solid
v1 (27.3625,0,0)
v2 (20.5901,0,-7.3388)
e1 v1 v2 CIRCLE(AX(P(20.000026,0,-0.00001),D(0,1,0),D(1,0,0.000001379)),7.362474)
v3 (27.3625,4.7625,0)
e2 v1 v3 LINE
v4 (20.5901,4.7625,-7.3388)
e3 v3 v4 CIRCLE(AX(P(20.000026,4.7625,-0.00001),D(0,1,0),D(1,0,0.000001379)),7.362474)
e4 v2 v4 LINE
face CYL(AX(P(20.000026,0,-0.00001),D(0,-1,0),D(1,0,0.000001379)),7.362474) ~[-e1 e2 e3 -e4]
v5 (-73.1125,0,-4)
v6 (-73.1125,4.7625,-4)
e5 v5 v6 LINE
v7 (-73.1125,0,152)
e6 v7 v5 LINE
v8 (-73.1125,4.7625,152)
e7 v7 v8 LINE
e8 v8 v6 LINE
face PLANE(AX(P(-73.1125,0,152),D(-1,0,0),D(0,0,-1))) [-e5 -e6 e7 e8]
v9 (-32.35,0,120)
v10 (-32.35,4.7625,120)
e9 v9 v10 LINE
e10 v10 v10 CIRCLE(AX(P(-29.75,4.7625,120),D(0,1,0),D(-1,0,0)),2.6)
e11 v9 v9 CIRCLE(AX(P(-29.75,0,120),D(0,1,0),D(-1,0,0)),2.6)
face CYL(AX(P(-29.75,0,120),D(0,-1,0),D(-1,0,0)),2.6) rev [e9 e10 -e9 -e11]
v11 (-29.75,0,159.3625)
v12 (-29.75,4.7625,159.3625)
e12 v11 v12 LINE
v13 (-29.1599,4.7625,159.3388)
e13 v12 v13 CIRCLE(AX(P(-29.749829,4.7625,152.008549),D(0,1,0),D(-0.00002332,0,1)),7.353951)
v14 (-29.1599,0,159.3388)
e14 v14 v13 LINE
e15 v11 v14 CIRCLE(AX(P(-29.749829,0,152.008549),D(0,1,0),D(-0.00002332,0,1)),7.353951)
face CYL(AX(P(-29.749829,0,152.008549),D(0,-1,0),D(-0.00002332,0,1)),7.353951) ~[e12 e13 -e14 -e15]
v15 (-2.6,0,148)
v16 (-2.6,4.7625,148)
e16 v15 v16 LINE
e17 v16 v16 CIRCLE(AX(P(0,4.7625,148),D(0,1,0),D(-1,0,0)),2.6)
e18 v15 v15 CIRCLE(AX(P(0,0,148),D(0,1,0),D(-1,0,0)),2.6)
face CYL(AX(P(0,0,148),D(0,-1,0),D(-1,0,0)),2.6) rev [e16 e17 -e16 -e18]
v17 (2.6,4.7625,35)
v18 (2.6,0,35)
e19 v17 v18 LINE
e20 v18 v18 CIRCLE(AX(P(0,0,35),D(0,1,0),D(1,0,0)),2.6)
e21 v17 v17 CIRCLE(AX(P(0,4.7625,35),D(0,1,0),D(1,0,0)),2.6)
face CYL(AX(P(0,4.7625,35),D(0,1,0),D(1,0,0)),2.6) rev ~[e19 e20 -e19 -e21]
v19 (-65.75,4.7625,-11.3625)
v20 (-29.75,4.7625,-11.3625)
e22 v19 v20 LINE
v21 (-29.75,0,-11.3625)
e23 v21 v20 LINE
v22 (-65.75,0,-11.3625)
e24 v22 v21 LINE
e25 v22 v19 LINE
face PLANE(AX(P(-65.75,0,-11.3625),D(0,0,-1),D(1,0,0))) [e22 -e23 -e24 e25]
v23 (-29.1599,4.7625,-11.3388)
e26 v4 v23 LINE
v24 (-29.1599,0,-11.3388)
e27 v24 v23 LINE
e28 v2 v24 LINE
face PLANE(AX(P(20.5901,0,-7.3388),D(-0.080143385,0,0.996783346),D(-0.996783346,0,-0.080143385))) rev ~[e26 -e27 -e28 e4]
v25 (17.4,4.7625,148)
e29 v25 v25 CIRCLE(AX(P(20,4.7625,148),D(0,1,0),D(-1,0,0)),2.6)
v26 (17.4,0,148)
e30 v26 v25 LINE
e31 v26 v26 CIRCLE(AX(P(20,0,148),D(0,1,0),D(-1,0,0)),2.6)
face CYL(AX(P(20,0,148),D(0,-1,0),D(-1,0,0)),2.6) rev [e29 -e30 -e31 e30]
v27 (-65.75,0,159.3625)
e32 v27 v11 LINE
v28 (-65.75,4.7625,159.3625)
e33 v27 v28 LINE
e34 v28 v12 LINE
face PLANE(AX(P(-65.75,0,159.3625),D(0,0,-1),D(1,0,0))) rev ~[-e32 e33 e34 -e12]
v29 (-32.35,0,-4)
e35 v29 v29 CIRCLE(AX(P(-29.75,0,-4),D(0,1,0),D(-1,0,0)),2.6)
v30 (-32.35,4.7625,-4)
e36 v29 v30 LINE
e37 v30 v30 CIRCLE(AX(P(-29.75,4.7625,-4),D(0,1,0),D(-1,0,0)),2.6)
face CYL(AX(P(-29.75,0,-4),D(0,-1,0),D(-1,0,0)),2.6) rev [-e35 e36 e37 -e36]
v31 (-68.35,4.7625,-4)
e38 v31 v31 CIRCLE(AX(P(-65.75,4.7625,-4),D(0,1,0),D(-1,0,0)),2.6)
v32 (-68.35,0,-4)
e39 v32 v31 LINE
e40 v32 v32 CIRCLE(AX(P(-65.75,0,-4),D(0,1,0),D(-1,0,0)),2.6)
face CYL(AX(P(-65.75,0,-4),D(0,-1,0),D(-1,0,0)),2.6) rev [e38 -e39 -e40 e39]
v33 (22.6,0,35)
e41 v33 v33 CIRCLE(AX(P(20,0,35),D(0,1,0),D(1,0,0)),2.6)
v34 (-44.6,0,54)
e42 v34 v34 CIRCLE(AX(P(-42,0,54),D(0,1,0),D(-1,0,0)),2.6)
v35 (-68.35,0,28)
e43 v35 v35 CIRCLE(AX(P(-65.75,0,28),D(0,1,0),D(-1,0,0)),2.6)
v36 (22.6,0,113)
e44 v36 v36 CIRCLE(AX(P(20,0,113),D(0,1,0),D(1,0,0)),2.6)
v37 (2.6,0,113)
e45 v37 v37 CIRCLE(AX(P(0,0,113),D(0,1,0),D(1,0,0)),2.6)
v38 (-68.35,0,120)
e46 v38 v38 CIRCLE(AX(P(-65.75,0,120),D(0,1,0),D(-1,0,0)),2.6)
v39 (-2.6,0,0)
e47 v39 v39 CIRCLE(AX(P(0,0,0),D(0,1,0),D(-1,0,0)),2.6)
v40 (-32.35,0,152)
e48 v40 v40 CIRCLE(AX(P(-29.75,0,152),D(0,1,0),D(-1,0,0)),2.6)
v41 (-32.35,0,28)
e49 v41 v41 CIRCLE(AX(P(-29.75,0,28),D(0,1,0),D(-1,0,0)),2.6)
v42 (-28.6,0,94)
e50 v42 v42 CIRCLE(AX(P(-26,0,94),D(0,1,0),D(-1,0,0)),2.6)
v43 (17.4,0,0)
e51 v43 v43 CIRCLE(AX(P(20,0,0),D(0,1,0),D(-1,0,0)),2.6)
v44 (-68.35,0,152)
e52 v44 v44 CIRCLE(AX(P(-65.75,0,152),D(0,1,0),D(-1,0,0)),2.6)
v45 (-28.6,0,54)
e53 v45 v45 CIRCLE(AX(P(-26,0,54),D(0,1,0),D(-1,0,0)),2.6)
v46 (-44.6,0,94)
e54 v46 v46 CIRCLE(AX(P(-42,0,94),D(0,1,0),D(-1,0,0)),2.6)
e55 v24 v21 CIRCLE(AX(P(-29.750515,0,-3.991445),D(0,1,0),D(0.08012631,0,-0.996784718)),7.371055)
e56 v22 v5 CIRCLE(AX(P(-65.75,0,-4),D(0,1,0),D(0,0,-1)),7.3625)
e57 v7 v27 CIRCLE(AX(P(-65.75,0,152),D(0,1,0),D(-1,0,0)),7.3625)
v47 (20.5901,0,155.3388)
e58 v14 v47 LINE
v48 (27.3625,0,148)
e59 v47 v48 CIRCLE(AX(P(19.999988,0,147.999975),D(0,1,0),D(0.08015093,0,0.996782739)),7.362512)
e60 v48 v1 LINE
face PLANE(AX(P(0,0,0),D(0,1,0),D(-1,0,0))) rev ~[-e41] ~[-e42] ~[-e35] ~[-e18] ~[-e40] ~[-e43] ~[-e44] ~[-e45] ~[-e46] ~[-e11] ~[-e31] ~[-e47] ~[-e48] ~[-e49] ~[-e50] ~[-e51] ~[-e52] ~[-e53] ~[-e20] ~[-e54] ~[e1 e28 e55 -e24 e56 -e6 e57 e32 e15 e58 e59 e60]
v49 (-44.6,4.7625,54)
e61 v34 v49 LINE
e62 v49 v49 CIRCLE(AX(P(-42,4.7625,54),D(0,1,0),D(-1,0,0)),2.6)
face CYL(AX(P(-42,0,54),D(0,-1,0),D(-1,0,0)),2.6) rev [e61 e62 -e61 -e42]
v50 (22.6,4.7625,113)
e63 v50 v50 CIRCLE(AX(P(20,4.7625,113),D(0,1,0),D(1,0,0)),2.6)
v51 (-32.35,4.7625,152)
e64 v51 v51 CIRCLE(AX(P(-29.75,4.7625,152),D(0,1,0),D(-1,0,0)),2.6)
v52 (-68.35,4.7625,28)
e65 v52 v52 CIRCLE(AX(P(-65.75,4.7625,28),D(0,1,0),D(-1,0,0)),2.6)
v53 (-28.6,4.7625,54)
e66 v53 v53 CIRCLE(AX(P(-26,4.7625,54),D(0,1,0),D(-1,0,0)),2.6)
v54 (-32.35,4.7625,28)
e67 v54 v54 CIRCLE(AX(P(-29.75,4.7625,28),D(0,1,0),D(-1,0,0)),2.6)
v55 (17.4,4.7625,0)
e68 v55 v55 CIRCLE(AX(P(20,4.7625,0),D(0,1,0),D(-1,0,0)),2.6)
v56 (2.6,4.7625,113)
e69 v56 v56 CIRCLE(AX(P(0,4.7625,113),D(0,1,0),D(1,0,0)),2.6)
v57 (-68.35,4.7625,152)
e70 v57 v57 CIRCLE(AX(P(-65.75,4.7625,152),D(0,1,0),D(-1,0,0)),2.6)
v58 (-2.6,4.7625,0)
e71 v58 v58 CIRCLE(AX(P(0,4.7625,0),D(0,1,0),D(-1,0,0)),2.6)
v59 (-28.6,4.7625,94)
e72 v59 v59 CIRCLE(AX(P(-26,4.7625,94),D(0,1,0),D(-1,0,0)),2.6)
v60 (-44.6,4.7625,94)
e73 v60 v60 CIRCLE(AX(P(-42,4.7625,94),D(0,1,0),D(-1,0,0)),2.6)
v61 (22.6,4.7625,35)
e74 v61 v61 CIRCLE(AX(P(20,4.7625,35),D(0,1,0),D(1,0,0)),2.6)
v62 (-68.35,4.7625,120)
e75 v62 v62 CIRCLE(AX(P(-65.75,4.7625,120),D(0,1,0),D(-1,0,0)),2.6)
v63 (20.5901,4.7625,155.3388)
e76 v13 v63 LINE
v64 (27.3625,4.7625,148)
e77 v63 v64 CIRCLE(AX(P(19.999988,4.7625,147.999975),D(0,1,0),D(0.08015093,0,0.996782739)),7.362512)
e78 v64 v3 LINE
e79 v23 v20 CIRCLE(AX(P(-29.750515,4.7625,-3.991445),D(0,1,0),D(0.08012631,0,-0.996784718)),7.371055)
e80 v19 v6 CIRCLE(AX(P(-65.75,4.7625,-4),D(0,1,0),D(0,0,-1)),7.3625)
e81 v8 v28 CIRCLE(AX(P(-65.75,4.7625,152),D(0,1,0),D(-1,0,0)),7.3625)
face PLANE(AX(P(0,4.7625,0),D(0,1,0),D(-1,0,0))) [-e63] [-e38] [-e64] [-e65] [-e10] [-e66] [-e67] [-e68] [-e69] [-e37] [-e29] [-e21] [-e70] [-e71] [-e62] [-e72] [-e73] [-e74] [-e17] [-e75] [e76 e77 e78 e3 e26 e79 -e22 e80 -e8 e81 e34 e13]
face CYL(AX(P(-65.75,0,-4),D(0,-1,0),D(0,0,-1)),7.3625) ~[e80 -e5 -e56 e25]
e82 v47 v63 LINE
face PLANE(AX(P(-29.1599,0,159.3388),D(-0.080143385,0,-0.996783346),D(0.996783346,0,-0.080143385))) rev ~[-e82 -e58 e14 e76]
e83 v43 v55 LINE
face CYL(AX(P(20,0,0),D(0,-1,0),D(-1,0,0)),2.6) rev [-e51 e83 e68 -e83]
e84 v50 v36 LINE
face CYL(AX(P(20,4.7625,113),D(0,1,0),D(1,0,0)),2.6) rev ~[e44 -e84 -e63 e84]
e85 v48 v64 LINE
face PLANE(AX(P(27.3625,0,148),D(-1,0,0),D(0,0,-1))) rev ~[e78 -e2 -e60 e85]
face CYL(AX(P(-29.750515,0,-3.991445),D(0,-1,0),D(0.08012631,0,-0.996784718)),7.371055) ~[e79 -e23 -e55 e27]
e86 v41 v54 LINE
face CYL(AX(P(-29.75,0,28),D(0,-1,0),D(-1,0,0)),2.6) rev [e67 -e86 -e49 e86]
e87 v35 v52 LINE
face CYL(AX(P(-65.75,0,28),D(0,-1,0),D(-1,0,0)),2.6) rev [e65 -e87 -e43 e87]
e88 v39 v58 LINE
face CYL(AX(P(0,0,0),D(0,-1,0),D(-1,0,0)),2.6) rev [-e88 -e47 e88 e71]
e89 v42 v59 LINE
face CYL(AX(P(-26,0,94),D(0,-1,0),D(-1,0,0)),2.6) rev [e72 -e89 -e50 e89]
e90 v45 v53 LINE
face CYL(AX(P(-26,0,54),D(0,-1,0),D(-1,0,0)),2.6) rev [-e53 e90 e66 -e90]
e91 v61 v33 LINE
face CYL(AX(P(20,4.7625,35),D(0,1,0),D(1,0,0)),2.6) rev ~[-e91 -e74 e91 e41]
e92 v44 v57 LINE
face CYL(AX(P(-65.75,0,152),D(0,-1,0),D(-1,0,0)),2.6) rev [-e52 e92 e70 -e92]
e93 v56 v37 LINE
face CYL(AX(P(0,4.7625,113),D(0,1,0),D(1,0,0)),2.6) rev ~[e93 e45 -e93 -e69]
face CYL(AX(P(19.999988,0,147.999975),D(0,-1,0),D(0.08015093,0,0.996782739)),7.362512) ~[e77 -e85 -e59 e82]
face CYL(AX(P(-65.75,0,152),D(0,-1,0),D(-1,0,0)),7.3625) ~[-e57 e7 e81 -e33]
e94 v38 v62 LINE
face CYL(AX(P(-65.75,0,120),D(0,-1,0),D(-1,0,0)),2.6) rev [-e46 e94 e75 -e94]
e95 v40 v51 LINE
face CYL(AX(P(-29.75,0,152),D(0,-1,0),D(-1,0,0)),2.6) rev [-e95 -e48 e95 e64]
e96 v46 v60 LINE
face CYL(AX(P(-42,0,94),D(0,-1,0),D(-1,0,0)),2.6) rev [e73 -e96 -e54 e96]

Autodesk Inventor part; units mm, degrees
ref_plane "YZ Plane" through (0, 0, 0) normal (1, 0, 0) x (0, 1, 0)
ref_plane "XZ Plane" through (0, 0, 0) normal (0, 1, 0) x (-1, 0, 0)
sketch "Sketch1" plane through (0, 0, 0) normal (0, 1, 0) x (-1, 0, 0)
  circle A0 centre (0, 0) radius 2.6
  circle A1 centre (-20, 0) radius 2.6
  circle A2 centre (0, 148) radius 2.6
  circle A3 centre (-20, 148) radius 2.6
  circle A4 centre (29.75, -4) radius 2.6
  line L0 (29.75, -4) -> (29.75, -1.4) construction
  line L1 (29.75, -4) -> (32.35, -4) construction
  circle A5 centre (29.75, 28) radius 2.6
  circle A6 centre (65.75, -4) radius 2.6
  circle A7 centre (65.75, 28) radius 2.6
  line L2 (0, 74) -> (-20, 74) construction
  circle A8 centre (26, 54) radius 2.6
  circle A9 centre (42, 54) radius 2.6
  circle A10 centre (26, 94) radius 2.6
  circle A11 centre (42, 94) radius 2.6
  circle A12 centre (29.75, 152) radius 2.6
  circle A13 centre (29.75, 120) radius 2.6
  circle A14 centre (65.75, 152) radius 2.6
  circle A15 centre (65.75, 120) radius 2.6
  circle A16 centre (65.75, -4) radius 7.3625 construction
  circle A17 centre (65.75, 152) radius 7.3625 construction
  circle A18 centre (29.75, 152) radius 7.3625 construction
  circle A19 centre (-20, 148) radius 7.3625 construction
  circle A20 centre (-20, 0) radius 7.3625 construction
  circle A21 centre (29.75, -4) radius 7.3625 construction
  line L3 (73.1125, 152) -> (73.1125, -4)
  line L4 (65.75, -11.3625) -> (29.75, -11.3625)
  line L5 (-20.5901, -7.3388) -> (29.1599, -11.3388)
  line L6 (65.75, 159.3625) -> (29.75, 159.3625)
  line L7 (29.1599, 159.3388) -> (-20.5901, 155.3388)
  line L8 (-27.3625, 148) -> (-27.3625, 0)
  arc A22 (65.75, -11.3625) -> (73.1125, -4) centre (65.75, -4) ccw
  arc A23 (73.1125, 152) -> (65.75, 159.3625) centre (65.75, 152) ccw
  arc A24 (29.75, 159.3625) -> (29.1599, 159.3388) centre (29.75, 152) ccw
  arc A25 (-27.3625, 0) -> (-20.5901, -7.3388) centre (-20, 0) ccw
  arc A26 (-20.5901, 155.3388) -> (-27.3625, 148) centre (-20, 148) ccw
  arc A27 (29.1599, -11.3388) -> (29.75, -11.3625) centre (29.75, -4) ccw
  point P0 (29.75, 30.6)
  point P1 (32.35, 28)
  point P2 (65.75, -1.4)
  point P3 (68.35, -4)
  point P4 (65.75, 30.6)
  point P5 (68.35, 28)
  dimension "d0" = 5.2
  dimension "d1" = 20
  dimension "d2" = 148
  dimension "d3" = 4
  dimension "d4" = 29.75
  dimension "d7" = 32
  dimension "d10" = 36
  dimension "d13" = 74
  dimension "d18" = 16
  dimension "d21" = 40
  dimension "d24" = 20
  dimension "d25" = 26
  dimension "d26" = 4.7625
extrude "Extrusion1" add sketch "Sketch1" along normal blind 4.7625
ref_plane "Work Plane1" through (-65.75, 0, 74) normal (0, 0, 1) x (1, 0, 0)
sketch "Sketch3" plane through (0, 4.7625, 0) normal (0, 1, 0) x (1, 0, 0)
  arc A0 (-29.75, -159.3625) -> (-29.1599, -159.3388) centre (-29.75, -152) ccw projected
  line L0 (-29.1599, -159.3388) -> (20.5901, -155.3388) projected
  arc A1 (20.5901, -155.3388) -> (27.3625, -148) centre (20, -148) ccw projected
  line L1 (27.3625, -148) -> (27.3625, 0) projected
  arc A2 (27.3625, 0) -> (20.5901, 7.3388) centre (20, 0) ccw projected
  line L2 (20.5901, 7.3388) -> (-29.1599, 11.3388) projected
  arc A3 (-29.1599, 11.3388) -> (-29.75, 11.3625) centre (-29.75, 4) ccw projected
  line L3 (-29.75, 11.3625) -> (-65.75, 11.3625) projected
  arc A4 (-65.75, 11.3625) -> (-73.1125, 4) centre (-65.75, 4) ccw projected
  line L4 (-73.1125, 4) -> (-73.1125, -152) projected
  arc A5 (-73.1125, -152) -> (-65.75, -159.3625) centre (-65.75, -152) ccw projected
  line L5 (-65.75, -159.3625) -> (-29.75, -159.3625) projected
  circle A6 centre (-29.75, -152) radius 2.6 projected
  circle A7 centre (-65.75, -120) radius 2.6 projected
  circle A8 centre (-26, -94) radius 2.6 projected
  circle A9 centre (-42, -54) radius 2.6 projected
  circle A10 centre (-26, -54) radius 2.6 projected
  circle A11 centre (-65.75, -28) radius 2.6 projected
  circle A12 centre (-29.75, -28) radius 2.6 projected
  circle A13 centre (-29.75, 4) radius 2.6 projected
  circle A14 centre (0, -148) radius 2.6 projected
  circle A15 centre (0, 0) radius 2.6 projected
  circle A16 centre (-42, -94) radius 2.6 projected
  circle A17 centre (-29.75, -120) radius 2.6 projected
  circle A18 centre (-65.75, -152) radius 2.6 projected
  circle A19 centre (-65.75, 4) radius 2.6 projected
  circle A20 centre (20, -148) radius 2.6 projected
  circle A21 centre (20, 0) radius 2.6 projected
  circle A22 centre (0, -113) radius 2.6
  circle A23 centre (20, -113) radius 2.6
  circle A24 centre (0, 0) radius 2.6 projected
  line L6 (-73.1125, -74) -> (27.3625, -74) construction
  line L7 (27.3625, -148) -> (27.3625, 0) construction
  circle A25 centre (0, -35) radius 2.6
  circle A26 centre (20, -35) radius 2.6
  dimension "d56" = 148
  dimension "d60" = 35
  dimension "d61" = 74
extrude "Extrusion3" cut sketch "Sketch3" against normal through all contours A22 | A23
extrude "Extrusion4" cut sketch "Sketch3" against normal through all contours A25 | A26
equation "\"d13\" = 0.5 * d2"
equation "\"d24\" = 0.5 * d21"
properties part number "CNC-014-ZAxisSubMount1" material "Aluminum 5052"
